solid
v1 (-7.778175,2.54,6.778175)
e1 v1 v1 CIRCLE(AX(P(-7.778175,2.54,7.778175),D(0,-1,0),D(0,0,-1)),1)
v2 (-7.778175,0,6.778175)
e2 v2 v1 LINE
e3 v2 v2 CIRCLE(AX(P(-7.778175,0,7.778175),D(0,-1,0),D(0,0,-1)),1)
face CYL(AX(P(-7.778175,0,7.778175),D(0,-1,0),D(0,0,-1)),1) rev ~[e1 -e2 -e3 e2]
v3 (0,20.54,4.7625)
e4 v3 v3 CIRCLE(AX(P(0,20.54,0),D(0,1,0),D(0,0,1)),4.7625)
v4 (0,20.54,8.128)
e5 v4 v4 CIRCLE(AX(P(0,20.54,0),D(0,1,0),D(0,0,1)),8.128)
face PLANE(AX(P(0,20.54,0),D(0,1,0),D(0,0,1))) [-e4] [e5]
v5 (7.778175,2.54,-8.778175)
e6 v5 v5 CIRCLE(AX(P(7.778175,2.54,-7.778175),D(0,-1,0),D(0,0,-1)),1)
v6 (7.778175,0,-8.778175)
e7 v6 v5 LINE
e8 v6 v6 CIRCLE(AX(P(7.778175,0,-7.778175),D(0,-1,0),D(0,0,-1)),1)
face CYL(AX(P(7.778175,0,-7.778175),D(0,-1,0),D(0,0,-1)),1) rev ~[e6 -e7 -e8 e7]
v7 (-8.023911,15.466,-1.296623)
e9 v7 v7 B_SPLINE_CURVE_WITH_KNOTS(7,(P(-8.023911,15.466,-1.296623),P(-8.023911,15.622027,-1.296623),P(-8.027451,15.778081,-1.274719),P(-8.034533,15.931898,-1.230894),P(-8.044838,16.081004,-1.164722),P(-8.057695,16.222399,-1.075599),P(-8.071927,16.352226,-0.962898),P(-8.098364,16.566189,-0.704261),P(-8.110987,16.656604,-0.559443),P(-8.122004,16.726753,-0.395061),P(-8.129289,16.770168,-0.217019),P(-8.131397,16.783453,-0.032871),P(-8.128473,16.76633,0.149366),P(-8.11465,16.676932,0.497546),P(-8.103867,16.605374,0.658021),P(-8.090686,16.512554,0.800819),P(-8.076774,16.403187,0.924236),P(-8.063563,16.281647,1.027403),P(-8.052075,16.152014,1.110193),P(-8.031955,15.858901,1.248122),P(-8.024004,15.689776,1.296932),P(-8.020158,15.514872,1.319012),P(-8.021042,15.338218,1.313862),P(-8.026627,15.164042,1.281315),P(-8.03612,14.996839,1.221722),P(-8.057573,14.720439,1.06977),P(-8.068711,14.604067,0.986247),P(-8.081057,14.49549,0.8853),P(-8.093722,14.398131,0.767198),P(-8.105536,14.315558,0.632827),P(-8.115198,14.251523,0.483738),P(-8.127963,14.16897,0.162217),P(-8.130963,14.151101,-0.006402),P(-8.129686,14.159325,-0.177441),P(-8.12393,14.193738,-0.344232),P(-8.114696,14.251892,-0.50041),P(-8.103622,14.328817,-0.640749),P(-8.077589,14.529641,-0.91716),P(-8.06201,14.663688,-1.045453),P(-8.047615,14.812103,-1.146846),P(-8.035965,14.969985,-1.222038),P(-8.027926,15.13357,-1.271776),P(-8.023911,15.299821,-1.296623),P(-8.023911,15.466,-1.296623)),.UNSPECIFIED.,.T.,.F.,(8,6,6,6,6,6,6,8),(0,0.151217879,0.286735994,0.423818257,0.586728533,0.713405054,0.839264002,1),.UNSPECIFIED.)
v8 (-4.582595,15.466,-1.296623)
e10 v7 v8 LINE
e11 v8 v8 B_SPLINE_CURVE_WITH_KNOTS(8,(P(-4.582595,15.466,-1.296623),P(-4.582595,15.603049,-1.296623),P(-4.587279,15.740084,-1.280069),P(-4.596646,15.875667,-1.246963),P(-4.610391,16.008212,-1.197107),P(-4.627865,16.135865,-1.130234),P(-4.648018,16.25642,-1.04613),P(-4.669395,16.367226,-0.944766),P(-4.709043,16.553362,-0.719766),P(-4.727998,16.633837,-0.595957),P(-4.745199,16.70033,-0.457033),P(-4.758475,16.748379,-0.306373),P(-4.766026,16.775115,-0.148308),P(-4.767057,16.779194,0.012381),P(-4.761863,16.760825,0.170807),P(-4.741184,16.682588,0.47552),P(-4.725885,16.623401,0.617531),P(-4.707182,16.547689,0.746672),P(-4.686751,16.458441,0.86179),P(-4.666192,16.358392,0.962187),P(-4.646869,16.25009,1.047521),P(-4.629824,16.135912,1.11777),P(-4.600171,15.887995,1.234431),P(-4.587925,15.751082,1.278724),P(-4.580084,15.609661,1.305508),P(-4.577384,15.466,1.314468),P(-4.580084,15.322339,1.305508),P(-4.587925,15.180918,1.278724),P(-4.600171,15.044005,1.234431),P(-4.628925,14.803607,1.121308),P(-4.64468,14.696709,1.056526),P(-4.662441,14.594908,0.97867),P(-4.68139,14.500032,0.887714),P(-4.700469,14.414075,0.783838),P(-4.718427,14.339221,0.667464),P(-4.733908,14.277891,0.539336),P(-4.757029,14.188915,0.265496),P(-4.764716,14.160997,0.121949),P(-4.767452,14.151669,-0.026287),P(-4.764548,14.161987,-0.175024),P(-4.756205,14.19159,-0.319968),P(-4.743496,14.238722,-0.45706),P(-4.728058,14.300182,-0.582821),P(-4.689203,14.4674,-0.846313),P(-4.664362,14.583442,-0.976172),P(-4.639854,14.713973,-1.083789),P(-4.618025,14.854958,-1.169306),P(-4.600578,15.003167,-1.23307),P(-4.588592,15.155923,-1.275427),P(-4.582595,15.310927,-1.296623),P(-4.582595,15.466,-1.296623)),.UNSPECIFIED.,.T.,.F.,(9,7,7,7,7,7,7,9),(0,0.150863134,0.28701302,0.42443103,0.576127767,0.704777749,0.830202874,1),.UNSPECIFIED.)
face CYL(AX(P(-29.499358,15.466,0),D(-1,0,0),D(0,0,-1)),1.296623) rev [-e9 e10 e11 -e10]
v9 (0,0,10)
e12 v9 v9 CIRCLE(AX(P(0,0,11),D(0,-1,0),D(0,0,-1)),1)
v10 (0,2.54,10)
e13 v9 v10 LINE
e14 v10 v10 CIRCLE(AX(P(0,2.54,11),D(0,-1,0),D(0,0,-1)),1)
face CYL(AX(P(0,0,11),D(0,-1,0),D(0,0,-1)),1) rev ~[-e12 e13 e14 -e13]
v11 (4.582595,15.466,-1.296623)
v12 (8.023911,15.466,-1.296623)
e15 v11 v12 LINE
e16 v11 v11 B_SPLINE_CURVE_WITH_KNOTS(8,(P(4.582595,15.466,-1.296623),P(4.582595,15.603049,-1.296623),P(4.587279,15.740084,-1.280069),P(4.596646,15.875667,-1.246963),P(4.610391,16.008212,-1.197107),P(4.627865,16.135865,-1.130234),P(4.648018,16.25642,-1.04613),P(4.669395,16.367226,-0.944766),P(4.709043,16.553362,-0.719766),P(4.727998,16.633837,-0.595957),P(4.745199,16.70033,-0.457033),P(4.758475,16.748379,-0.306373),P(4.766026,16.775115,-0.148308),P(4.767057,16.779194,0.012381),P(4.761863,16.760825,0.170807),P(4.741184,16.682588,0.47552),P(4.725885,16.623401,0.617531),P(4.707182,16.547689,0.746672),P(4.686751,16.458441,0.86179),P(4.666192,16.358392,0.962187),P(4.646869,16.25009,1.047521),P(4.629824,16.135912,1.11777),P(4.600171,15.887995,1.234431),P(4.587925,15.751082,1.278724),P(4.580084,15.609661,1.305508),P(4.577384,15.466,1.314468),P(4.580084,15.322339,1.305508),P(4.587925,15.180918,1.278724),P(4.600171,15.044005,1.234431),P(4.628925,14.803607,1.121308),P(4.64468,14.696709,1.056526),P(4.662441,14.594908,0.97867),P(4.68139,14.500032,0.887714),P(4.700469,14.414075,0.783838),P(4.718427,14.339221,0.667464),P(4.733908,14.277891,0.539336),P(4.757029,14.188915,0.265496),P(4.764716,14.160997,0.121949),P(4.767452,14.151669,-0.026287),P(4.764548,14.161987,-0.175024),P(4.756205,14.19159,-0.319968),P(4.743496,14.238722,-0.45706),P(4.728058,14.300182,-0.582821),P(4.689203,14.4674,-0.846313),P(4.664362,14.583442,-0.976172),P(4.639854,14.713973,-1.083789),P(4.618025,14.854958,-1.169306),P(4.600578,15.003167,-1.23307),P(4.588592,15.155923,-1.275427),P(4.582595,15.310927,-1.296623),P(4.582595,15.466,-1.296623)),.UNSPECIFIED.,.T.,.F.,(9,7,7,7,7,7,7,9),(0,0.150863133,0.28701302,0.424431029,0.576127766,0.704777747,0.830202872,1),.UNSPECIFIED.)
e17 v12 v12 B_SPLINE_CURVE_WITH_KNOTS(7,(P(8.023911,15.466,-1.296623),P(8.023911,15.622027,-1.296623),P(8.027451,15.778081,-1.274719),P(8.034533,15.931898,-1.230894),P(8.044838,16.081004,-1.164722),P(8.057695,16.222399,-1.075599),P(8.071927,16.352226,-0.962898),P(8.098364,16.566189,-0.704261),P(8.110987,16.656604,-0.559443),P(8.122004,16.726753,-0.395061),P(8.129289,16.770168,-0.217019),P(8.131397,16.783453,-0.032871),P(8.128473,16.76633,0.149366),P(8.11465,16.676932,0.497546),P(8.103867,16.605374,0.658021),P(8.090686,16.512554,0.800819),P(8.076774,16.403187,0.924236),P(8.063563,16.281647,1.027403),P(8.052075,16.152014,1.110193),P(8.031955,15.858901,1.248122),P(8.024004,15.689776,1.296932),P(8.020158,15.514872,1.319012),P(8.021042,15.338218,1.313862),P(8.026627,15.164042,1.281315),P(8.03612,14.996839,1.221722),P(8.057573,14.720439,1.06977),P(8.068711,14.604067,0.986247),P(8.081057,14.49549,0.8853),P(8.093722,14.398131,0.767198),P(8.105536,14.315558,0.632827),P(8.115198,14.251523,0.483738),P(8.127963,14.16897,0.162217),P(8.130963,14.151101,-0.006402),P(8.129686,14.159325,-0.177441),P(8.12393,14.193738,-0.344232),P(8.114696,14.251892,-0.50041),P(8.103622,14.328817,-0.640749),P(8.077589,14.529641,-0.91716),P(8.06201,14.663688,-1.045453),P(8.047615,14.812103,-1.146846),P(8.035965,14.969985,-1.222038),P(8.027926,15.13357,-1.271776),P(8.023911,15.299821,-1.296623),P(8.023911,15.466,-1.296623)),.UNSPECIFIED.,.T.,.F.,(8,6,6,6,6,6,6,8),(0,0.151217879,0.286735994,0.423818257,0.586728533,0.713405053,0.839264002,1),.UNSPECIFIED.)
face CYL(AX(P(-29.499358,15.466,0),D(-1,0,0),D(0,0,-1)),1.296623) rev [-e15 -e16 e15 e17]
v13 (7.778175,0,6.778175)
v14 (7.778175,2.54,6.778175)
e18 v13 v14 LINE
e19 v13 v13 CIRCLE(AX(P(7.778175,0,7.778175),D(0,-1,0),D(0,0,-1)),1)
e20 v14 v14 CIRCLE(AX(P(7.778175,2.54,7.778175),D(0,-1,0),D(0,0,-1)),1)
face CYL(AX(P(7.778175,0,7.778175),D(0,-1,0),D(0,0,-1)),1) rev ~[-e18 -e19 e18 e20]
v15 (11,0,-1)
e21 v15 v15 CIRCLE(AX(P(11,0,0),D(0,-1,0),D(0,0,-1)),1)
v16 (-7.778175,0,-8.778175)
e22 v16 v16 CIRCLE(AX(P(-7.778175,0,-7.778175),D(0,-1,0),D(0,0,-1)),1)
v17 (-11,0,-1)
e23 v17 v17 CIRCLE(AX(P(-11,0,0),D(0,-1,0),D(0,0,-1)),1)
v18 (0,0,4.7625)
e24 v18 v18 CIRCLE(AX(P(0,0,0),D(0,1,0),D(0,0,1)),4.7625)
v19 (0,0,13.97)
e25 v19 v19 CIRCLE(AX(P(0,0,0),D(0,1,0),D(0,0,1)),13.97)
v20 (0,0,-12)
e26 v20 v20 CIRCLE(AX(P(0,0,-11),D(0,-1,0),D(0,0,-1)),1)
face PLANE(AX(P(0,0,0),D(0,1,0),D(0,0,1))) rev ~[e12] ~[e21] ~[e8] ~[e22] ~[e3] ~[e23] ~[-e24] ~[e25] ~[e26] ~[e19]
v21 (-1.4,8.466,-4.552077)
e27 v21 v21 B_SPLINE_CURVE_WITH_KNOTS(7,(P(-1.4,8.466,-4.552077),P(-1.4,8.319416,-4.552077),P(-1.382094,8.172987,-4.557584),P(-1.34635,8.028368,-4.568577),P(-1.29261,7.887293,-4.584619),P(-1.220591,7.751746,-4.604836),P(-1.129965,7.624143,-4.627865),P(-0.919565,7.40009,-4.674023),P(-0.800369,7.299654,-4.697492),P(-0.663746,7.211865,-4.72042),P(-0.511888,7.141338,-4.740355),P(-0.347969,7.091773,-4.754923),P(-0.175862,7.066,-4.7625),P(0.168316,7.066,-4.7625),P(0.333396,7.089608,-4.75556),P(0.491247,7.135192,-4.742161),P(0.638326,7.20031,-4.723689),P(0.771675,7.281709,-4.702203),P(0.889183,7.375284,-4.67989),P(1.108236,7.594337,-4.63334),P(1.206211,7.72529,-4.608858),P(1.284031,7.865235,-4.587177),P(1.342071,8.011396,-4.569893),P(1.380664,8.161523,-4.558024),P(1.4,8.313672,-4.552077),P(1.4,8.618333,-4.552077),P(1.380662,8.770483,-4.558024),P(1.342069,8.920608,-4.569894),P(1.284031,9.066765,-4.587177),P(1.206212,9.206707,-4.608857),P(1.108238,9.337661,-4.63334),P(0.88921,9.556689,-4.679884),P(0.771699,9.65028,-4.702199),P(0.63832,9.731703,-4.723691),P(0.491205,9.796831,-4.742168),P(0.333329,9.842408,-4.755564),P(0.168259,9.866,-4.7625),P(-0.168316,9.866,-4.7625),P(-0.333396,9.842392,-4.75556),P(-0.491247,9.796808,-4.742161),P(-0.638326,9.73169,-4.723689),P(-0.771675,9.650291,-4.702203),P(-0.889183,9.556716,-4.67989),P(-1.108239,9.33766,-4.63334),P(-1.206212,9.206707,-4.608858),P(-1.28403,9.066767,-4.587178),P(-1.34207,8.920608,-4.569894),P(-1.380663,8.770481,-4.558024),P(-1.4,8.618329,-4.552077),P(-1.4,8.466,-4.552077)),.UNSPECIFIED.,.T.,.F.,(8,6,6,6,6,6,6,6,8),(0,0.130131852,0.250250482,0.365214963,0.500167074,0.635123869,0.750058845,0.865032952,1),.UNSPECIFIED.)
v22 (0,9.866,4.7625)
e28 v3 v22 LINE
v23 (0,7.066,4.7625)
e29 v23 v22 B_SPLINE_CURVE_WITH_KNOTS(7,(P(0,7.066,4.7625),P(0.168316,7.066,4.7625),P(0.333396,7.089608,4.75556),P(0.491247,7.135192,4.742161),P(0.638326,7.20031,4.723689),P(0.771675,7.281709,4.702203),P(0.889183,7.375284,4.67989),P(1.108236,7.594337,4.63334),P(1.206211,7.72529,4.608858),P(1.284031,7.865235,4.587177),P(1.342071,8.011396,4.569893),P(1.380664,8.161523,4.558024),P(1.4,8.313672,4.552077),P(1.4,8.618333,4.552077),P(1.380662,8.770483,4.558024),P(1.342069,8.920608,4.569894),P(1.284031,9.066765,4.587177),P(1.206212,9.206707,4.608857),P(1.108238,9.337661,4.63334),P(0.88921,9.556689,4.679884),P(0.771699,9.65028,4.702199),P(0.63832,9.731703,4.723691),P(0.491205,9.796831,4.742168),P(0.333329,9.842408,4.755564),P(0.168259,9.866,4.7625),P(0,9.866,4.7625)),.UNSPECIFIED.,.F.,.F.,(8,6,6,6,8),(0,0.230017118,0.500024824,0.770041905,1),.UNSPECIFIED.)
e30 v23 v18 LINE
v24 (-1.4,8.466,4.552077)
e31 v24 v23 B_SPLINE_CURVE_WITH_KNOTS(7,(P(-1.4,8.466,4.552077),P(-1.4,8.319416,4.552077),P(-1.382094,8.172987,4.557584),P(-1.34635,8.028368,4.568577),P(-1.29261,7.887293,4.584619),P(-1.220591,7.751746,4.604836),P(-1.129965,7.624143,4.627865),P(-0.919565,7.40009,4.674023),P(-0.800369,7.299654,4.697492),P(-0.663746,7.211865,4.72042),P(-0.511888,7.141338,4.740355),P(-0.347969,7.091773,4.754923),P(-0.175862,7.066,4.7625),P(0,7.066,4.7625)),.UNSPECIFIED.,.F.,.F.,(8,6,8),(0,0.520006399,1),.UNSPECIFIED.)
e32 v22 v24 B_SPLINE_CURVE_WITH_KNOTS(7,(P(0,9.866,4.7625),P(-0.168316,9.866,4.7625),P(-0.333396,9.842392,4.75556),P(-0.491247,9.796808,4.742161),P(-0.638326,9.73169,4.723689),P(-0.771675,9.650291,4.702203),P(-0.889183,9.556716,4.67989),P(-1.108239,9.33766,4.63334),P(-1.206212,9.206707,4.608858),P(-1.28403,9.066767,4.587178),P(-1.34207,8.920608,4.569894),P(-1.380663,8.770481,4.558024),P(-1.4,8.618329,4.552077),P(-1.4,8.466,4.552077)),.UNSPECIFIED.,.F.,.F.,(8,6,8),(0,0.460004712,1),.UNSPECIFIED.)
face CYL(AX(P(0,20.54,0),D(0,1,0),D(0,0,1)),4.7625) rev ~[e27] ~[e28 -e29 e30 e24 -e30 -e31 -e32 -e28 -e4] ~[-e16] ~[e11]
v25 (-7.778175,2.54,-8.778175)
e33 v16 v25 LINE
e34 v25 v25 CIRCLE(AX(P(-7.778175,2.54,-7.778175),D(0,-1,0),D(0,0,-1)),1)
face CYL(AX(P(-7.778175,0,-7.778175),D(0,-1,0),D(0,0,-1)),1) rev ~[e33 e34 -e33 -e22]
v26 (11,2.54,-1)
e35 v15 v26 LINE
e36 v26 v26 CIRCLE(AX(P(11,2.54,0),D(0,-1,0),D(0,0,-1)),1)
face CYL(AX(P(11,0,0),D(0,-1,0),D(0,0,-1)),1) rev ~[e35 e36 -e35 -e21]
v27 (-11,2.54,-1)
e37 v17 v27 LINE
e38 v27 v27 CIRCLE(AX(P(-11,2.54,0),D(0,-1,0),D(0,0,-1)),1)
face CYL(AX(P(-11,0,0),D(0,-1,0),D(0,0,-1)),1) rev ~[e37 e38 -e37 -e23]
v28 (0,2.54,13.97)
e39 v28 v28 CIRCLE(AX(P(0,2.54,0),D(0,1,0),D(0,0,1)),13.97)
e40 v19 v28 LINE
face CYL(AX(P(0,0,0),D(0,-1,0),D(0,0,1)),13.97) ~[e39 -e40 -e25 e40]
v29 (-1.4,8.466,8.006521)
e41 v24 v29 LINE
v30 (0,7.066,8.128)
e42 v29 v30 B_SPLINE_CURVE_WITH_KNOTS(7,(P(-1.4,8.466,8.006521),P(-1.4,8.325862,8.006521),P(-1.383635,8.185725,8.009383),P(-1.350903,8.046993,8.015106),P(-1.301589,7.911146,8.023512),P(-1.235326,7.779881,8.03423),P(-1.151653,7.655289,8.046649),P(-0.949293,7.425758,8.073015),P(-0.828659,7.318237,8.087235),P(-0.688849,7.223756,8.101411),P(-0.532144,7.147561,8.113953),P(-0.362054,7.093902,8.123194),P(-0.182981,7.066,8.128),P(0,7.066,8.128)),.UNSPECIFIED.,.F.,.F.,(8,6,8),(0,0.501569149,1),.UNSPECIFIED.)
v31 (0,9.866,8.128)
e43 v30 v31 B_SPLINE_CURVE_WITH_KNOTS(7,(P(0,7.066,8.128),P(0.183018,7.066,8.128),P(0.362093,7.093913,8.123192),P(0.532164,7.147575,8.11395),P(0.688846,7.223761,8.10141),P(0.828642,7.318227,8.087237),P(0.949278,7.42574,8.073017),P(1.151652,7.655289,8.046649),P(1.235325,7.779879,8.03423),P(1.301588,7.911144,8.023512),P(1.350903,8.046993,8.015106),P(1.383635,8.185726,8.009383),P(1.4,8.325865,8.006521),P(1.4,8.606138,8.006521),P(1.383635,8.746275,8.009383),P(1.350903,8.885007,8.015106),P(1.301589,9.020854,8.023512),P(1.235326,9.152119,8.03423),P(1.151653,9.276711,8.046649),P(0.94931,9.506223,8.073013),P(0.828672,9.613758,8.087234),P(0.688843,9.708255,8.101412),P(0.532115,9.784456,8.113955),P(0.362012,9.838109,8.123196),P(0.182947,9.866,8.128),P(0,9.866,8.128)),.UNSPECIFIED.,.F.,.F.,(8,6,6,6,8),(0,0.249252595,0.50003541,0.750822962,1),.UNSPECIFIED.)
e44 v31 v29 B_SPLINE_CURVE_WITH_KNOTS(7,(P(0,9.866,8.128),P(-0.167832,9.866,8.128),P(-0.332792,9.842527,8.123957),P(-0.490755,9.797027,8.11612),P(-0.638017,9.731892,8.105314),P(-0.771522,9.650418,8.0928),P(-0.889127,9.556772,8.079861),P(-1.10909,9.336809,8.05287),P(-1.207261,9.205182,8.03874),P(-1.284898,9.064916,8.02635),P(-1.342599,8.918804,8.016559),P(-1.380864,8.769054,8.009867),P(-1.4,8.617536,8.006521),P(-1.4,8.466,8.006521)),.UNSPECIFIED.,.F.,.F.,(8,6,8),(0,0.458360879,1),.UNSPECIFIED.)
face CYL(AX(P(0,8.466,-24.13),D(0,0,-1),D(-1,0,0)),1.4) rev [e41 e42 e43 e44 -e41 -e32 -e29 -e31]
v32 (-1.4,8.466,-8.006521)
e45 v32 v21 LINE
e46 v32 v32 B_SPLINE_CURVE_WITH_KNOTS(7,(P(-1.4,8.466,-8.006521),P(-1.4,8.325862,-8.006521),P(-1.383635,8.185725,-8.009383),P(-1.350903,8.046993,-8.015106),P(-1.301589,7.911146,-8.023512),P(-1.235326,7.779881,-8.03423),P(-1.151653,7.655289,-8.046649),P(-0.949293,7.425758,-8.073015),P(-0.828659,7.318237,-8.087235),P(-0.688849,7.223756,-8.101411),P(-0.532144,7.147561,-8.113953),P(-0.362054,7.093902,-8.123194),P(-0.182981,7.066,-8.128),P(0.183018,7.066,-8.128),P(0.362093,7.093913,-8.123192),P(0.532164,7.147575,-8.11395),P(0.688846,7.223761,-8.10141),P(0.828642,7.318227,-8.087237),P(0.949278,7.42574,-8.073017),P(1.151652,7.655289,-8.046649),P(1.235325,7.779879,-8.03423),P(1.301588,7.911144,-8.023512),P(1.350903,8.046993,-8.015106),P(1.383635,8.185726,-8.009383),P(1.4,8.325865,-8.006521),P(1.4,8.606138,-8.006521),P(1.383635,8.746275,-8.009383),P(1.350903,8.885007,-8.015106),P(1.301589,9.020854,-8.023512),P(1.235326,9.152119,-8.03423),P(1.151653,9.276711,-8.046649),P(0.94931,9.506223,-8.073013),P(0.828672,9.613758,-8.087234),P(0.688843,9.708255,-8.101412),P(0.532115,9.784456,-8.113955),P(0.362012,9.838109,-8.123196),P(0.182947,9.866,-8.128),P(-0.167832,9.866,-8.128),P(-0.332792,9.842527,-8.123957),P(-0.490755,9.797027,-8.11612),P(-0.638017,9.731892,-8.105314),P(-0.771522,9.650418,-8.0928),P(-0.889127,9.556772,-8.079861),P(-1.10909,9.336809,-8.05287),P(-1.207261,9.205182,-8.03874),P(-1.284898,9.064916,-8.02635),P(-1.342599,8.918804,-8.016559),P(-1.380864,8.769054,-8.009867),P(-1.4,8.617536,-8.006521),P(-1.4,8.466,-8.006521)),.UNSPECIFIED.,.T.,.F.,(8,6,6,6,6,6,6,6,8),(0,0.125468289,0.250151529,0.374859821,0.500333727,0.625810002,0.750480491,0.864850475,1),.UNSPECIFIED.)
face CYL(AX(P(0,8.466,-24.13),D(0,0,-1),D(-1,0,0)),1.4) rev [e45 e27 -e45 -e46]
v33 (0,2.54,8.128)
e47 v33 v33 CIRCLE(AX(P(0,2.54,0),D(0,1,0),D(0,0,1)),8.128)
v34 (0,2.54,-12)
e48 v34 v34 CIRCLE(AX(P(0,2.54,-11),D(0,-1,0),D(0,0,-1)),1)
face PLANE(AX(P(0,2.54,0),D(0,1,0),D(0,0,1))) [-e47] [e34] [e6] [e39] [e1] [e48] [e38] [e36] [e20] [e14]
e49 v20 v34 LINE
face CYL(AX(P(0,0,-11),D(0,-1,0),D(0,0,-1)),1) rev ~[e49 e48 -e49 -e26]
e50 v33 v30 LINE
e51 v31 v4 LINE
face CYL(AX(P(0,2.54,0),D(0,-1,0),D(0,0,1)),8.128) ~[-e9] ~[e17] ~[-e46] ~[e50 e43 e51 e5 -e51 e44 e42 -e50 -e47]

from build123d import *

# Parameters (mm, degrees)
SKETCH1_R               = 13.97
BOSS_EXTRUDE1_DEPTH     = 2.54
SKETCH2_R               = 8.128
BOSS_EXTRUDE2_DEPTH     = 18
SKETCH6_R               = 1
CUT_EXTRUDE2_DEPTH      = 29.499357888
SKETCH7_R               = 4.7625
CUT_EXTRUDE3_DEPTH      = 25.4
CUT_EXTRUDE6_DEPTH      = 24.13
CUT_EXTRUDE6_DEPTH_BACK = 24.13
SKETCH11_R              = 1.4
CUT_EXTRUDE7_DEPTH      = 29.49935796
CUT_EXTRUDE7_DEPTH_BACK = 29.49935796
SKETCH12_R              = 1.296623243


with BuildPart() as part:
    # Sketch1 → Boss-Extrude1 (new body)
    with BuildSketch(Plane(origin=(0, 0, 0), x_dir=(1, 0, 0), z_dir=(0, 1, 0))):
        Circle(SKETCH1_R)
    extrude(amount=BOSS_EXTRUDE1_DEPTH)

    # Sketch2 → Boss-Extrude2 (add)
    with BuildSketch(Plane(origin=(0, 2.54, 0), x_dir=(1, 0, 0), z_dir=(0, 1, 0))):
        Circle(SKETCH2_R)
    extrude(amount=BOSS_EXTRUDE2_DEPTH)

    # Sketch6 → Cut-Extrude2 (cut, through all)
    with BuildSketch(Plane(origin=(0, 0, 0), x_dir=(-1, 0, 0), z_dir=(0, -1, 0))):
        with Locations((-11, 0)):
            Circle(SKETCH6_R)
        with Locations((-7.778174593, 7.778174593)):
            Circle(SKETCH6_R)
        with Locations((0, 11)):
            Circle(SKETCH6_R)
        with Locations((7.778174593, 7.778174593)):
            Circle(SKETCH6_R)
        with Locations((11, 0)):
            Circle(SKETCH6_R)
        with Locations((7.778174593, -7.778174593)):
            Circle(SKETCH6_R)
        with Locations((0, -11)):
            Circle(SKETCH6_R)
        with Locations((-7.778174593, -7.778174593)):
            Circle(SKETCH6_R)
    extrude(amount=-CUT_EXTRUDE2_DEPTH, mode=Mode.SUBTRACT)

    # Sketch7 → Cut-Extrude3 (cut)
    with BuildSketch(Plane(origin=(0, 20.54, 0), x_dir=(1, 0, 0), z_dir=(0, 1, 0))):
        Circle(SKETCH7_R)
    extrude(amount=-CUT_EXTRUDE3_DEPTH, mode=Mode.SUBTRACT)

    # Sketch11 → Cut-Extrude6 (cut, two sides: drawn at the far end of the back side and taken through both)
    with BuildSketch(Plane.XY.offset(-CUT_EXTRUDE6_DEPTH_BACK)):
        with Locations((0, 8.466000018)):
            Circle(SKETCH11_R)
    extrude(amount=CUT_EXTRUDE6_DEPTH + CUT_EXTRUDE6_DEPTH_BACK, mode=Mode.SUBTRACT)

    # Sketch12 → Cut-Extrude7 (cut, two sides: drawn at the far end of the back side and taken through both)
    with BuildSketch(Plane(origin=(0, 0, 0), x_dir=(0, 0, -1), z_dir=(1, 0, 0)).offset(-CUT_EXTRUDE7_DEPTH_BACK)):
        with Locations((0, 15.466)):
            Circle(SKETCH12_R)
    extrude(amount=CUT_EXTRUDE7_DEPTH + CUT_EXTRUDE7_DEPTH_BACK, mode=Mode.SUBTRACT)


solid = part.part
